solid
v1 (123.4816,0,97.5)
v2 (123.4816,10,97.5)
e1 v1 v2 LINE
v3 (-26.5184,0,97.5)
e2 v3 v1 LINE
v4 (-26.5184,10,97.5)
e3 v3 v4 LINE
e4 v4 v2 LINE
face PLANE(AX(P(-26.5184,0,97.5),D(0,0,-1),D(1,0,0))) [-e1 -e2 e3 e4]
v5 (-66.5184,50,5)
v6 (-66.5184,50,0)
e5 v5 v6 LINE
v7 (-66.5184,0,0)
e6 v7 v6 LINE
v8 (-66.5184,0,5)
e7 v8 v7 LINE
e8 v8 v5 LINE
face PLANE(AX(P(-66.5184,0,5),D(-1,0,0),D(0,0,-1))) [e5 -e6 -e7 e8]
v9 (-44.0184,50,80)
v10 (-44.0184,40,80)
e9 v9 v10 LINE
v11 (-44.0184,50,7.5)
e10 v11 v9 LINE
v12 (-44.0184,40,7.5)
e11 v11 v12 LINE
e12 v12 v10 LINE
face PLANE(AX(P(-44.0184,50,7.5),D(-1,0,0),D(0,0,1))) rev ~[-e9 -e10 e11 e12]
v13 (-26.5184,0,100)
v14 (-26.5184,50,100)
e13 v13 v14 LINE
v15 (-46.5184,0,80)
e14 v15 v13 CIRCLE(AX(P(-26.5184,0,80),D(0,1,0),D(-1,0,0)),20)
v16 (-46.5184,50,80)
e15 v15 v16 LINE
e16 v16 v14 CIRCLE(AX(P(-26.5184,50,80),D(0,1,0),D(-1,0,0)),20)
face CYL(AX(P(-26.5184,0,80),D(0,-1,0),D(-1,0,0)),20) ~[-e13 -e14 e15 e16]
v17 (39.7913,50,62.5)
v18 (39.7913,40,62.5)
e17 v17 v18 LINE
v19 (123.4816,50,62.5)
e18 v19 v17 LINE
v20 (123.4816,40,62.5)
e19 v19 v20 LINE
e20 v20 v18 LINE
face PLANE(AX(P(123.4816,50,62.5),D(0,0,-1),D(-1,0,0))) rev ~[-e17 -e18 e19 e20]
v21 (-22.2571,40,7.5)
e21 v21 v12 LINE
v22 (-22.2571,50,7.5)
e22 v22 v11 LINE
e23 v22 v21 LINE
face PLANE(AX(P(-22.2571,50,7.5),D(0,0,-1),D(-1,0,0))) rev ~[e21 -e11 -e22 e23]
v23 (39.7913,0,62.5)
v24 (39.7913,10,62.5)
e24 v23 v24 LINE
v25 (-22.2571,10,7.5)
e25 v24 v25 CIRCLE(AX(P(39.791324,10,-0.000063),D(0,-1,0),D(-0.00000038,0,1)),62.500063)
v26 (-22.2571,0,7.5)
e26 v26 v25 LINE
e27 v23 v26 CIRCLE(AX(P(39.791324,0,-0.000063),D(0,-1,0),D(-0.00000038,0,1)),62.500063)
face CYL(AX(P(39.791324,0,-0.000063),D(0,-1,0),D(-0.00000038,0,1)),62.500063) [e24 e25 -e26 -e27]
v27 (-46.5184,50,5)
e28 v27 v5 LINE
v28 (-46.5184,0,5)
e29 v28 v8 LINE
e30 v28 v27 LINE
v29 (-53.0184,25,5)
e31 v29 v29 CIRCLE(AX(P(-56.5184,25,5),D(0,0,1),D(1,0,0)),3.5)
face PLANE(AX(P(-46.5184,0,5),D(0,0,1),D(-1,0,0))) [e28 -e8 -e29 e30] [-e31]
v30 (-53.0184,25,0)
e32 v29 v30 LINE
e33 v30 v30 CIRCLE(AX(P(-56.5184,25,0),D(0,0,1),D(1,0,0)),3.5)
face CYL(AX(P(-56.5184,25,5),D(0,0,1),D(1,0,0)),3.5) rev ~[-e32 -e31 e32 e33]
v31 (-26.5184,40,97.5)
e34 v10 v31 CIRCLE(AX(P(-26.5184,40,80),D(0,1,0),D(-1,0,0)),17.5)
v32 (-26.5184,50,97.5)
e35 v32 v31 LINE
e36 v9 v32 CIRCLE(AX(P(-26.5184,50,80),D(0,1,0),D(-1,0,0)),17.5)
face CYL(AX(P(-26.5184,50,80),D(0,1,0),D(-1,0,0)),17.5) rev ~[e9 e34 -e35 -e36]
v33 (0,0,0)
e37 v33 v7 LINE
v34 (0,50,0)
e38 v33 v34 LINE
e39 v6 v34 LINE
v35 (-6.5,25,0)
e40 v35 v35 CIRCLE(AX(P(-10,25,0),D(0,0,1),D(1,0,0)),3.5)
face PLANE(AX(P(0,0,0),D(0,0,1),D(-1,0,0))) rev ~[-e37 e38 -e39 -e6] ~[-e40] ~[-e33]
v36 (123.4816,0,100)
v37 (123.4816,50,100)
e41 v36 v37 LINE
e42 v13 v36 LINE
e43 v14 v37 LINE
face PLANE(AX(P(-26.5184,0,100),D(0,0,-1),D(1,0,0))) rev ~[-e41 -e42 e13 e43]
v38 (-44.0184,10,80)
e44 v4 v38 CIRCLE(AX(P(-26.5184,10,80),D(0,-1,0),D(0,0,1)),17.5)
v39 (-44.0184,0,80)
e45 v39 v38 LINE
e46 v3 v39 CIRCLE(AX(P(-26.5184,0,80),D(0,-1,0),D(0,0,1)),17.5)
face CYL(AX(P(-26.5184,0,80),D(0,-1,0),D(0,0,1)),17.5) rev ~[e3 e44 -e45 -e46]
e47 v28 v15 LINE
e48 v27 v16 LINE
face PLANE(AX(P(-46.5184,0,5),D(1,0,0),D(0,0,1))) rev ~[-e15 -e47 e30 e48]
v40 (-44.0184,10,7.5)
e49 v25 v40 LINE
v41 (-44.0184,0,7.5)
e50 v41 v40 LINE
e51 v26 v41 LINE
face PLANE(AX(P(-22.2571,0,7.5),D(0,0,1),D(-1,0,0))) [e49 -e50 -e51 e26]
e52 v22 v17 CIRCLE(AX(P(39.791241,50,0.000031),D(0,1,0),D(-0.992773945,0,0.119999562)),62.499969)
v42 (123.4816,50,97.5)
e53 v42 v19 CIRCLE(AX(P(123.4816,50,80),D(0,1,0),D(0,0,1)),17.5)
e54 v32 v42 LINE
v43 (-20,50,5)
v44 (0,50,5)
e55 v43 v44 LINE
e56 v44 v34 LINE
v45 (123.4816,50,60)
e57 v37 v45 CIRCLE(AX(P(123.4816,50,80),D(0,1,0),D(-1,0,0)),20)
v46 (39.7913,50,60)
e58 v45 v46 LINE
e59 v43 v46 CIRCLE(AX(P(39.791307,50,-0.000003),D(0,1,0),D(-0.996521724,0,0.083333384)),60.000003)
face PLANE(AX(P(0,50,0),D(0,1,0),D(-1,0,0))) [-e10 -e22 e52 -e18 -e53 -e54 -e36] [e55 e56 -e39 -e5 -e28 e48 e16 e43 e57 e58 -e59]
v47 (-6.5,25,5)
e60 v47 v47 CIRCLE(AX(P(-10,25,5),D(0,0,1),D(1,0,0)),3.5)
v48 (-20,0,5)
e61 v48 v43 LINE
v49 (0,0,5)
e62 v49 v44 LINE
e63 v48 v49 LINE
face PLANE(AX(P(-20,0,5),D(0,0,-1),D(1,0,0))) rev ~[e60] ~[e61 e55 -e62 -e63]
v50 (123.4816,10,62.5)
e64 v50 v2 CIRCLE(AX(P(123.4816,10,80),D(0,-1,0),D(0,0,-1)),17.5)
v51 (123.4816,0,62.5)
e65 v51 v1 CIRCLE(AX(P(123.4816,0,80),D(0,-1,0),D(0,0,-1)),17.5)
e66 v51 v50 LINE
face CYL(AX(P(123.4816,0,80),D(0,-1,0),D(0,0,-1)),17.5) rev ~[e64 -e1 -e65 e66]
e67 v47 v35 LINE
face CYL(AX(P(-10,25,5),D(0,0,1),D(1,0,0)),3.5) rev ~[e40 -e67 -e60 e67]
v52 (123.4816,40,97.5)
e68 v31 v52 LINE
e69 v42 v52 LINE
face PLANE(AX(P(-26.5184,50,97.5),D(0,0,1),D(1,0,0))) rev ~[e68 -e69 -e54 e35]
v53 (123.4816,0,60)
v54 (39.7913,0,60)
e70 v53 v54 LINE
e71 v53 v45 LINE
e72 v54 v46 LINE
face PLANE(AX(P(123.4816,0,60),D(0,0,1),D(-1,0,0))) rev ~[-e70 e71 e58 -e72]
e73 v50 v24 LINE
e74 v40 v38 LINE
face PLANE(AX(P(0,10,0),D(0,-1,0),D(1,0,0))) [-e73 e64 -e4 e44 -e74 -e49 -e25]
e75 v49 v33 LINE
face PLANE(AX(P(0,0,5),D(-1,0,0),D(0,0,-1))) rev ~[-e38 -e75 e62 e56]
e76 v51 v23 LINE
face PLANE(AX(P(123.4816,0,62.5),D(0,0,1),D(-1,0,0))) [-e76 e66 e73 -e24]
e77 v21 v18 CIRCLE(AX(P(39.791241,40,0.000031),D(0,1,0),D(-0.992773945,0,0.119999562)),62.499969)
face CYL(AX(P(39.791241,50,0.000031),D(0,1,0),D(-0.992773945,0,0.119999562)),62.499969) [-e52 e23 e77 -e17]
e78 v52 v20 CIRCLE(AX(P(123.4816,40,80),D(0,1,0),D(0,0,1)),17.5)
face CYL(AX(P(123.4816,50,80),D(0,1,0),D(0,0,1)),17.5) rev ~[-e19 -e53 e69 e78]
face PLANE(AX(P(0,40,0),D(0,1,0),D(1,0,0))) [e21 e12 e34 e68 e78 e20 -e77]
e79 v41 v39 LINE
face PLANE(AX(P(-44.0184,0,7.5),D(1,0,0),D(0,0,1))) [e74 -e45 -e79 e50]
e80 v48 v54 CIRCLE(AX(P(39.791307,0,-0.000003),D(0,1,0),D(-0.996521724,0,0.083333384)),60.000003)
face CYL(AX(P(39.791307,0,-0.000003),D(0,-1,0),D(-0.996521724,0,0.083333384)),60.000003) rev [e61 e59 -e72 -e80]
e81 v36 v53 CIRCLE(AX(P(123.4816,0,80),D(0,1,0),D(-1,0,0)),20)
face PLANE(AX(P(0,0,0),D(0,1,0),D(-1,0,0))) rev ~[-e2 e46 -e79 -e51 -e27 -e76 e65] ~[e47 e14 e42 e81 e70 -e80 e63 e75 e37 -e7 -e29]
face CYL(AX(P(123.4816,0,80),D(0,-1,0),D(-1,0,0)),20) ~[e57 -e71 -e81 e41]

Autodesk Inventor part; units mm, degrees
ref_plane "YZ Plane" through (0, 0, 0) normal (1, 0, 0) x (0, 1, 0)
ref_plane "XZ Plane" through (0, 0, 0) normal (0, 1, 0) x (-1, 0, 0)
ref_plane "XY Plane" through (0, 0, 0) normal (0, 0, 1) x (1, 0, 0)
sketch "Sketch1" plane through (0, 0, 0) normal (0, 1, 0) x (-1, 0, 0)
  line L0 (0, 0) -> (80, 0)
  line L1 (20, 5) -> (0, 5)
  line L2 (0, 5) -> (0, 0)
  line L3 (46.5184, 5) -> (46.5184, 80)
  circle A0 centre (26.5184, 80) radius 20
  line L4 (26.5184, 100) -> (-123.4816, 100)
  circle A1 centre (-123.4816, 80) radius 20
  line L5 (-123.4816, 60) -> (-39.7913, 60)
  arc A2 (20, 5) -> (-39.7913, 60) centre (-39.7913, 0) ccw
  line L6 (46.5184, 5) -> (66.5184, 5)
  line L7 (66.5184, 5) -> (66.5184, 0)
  line L8 (66.5184, 0) -> (46.5184, 0)
  point P0 (16.5184, 60)
  dimension "d1" = 75
  dimension "d2" = 40
  dimension "d3" = 150
  dimension "d4" = 140
  dimension "d7" = 40
  dimension "d10" = 5
  dimension "d11" = 5
extrude "Extrusion1" add sketch "Sketch1" along normal blind 50
sketch "Sketch2" plane through (-20, 0, 5) normal (0, 0, 1) x (1, 0, 0)
  circle A0 centre (10, 25) radius 3.5
  line L0 (20, 0) -> (20, 50) projected
  line L1 (0, 50) -> (20, 50) projected
  circle A1 centre (-36.5184, 25) radius 3.5
  line L2 (-46.5184, 0) -> (-46.5184, 50) projected
  line L3 (-46.5184, 50) -> (-26.5184, 50) projected
  dimension "d14" = 7
  dimension "d15" = 10
  dimension "d16" = 25
  dimension "d17" = 7
  dimension "d18" = 10
  dimension "d22" = 25
extrude "Extrusion2" cut sketch "Sketch2" against normal blind 20
sketch "Sketch3" plane through (0, 50, 0) normal (0, 1, 0) x (1, 0, 0)
  line L0 (-46.5184, -5) -> (-46.5184, -80) projected
  arc A0 (-20, -5) -> (39.7913, -60) centre (39.7913, 0) ccw projected
  line L1 (-26.5184, -100) -> (123.4816, -100) projected
  arc A1 (123.4816, -100) -> (123.4816, -60) centre (123.4816, -80) ccw projected
  line L2 (123.4816, -60) -> (39.7913, -60) projected
  arc A2 (-20, -5) -> (39.7913, -60) centre (39.7913, 0) ccw projected
  line L3 (-46.5184, -5) -> (-46.5184, -80) projected
  arc A3 (-46.5184, -80) -> (-26.5184, -100) centre (-26.5184, -80) ccw projected
  arc A4 (-46.5184, -80) -> (-26.5184, -100) centre (-26.5184, -80) ccw projected
  line L4 (-46.5184, -5) -> (-20, -5)
  line L5 (-26.5184, -97.5) -> (123.4816, -97.5)
  arc A5 (123.4816, -97.5) -> (123.4816, -62.5) centre (123.4816, -80) ccw
  line L6 (123.4816, -62.5) -> (39.7913, -62.5)
  arc A6 (-22.2571, -7.5) -> (39.7913, -62.5) centre (39.7913, 0) ccw
  line L7 (-22.2571, -7.5) -> (-44.0184, -7.5)
  line L8 (-44.0184, -7.5) -> (-44.0184, -80)
  line L9 (-26.5184, -97.5) -> (123.4816, -97.5)
  arc A7 (123.4816, -97.5) -> (123.4816, -62.5) centre (123.4816, -80) ccw
  line L10 (123.4816, -62.5) -> (39.7913, -62.5)
  arc A8 (-22.2571, -7.5) -> (39.7913, -62.5) centre (39.7913, 0) ccw
  line L11 (-22.2571, -7.5) -> (-44.0184, -7.5)
  line L12 (-44.0184, -7.5) -> (-44.0184, -80)
  arc A9 (-44.0184, -80) -> (-26.5184, -97.5) centre (-26.5184, -80) ccw
  point P0 (0, 0)
  point P1 (39.7913, -60)
  dimension "d24" = 2.5
  dimension "d25" = 2.5
extrude "Extrusion3" cut sketch "Sketch3" against normal blind 10 contours A9 L8 L7 A6 L6 A5 L5
sketch "Sketch4" plane through (0, 0, 0) normal (0, -1, 0) x (1, 0, 0)
  arc A0 (39.7913, 60) -> (-20, 5) centre (39.7913, 0) ccw projected
  line L0 (-20, 5) -> (-46.5184, 5)
  line L1 (-46.5184, 5) -> (-46.5184, 80) projected
  arc A1 (-26.5184, 100) -> (-46.5184, 80) centre (-26.5184, 80) ccw projected
  line L2 (123.4816, 60) -> (39.7913, 60) projected
  arc A2 (123.4816, 60) -> (123.4816, 100) centre (123.4816, 80) ccw projected
  line L3 (-26.5184, 100) -> (123.4816, 100) projected
  arc A3 (123.4816, 62.5) -> (123.4816, 97.5) centre (123.4816, 80) ccw
  line L4 (123.4816, 62.5) -> (39.7913, 62.5)
  arc A4 (39.7913, 62.5) -> (-22.2571, 7.5) centre (39.7913, 0) ccw
  line L5 (-22.2571, 7.5) -> (-44.0184, 7.5)
  line L6 (-44.0184, 7.5) -> (-44.0184, 80)
  arc A5 (-26.5184, 97.5) -> (-44.0184, 80) centre (-26.5184, 80) ccw
  line L7 (-26.5184, 97.5) -> (123.4816, 97.5)
  point P0 (0, 0)
  dimension "d28" = 2.5
extrude "Extrusion4" cut sketch "Sketch4" against normal blind 10 contours L4 A4 L5 L6 A5 L7 A3
properties part number "Pylon"
